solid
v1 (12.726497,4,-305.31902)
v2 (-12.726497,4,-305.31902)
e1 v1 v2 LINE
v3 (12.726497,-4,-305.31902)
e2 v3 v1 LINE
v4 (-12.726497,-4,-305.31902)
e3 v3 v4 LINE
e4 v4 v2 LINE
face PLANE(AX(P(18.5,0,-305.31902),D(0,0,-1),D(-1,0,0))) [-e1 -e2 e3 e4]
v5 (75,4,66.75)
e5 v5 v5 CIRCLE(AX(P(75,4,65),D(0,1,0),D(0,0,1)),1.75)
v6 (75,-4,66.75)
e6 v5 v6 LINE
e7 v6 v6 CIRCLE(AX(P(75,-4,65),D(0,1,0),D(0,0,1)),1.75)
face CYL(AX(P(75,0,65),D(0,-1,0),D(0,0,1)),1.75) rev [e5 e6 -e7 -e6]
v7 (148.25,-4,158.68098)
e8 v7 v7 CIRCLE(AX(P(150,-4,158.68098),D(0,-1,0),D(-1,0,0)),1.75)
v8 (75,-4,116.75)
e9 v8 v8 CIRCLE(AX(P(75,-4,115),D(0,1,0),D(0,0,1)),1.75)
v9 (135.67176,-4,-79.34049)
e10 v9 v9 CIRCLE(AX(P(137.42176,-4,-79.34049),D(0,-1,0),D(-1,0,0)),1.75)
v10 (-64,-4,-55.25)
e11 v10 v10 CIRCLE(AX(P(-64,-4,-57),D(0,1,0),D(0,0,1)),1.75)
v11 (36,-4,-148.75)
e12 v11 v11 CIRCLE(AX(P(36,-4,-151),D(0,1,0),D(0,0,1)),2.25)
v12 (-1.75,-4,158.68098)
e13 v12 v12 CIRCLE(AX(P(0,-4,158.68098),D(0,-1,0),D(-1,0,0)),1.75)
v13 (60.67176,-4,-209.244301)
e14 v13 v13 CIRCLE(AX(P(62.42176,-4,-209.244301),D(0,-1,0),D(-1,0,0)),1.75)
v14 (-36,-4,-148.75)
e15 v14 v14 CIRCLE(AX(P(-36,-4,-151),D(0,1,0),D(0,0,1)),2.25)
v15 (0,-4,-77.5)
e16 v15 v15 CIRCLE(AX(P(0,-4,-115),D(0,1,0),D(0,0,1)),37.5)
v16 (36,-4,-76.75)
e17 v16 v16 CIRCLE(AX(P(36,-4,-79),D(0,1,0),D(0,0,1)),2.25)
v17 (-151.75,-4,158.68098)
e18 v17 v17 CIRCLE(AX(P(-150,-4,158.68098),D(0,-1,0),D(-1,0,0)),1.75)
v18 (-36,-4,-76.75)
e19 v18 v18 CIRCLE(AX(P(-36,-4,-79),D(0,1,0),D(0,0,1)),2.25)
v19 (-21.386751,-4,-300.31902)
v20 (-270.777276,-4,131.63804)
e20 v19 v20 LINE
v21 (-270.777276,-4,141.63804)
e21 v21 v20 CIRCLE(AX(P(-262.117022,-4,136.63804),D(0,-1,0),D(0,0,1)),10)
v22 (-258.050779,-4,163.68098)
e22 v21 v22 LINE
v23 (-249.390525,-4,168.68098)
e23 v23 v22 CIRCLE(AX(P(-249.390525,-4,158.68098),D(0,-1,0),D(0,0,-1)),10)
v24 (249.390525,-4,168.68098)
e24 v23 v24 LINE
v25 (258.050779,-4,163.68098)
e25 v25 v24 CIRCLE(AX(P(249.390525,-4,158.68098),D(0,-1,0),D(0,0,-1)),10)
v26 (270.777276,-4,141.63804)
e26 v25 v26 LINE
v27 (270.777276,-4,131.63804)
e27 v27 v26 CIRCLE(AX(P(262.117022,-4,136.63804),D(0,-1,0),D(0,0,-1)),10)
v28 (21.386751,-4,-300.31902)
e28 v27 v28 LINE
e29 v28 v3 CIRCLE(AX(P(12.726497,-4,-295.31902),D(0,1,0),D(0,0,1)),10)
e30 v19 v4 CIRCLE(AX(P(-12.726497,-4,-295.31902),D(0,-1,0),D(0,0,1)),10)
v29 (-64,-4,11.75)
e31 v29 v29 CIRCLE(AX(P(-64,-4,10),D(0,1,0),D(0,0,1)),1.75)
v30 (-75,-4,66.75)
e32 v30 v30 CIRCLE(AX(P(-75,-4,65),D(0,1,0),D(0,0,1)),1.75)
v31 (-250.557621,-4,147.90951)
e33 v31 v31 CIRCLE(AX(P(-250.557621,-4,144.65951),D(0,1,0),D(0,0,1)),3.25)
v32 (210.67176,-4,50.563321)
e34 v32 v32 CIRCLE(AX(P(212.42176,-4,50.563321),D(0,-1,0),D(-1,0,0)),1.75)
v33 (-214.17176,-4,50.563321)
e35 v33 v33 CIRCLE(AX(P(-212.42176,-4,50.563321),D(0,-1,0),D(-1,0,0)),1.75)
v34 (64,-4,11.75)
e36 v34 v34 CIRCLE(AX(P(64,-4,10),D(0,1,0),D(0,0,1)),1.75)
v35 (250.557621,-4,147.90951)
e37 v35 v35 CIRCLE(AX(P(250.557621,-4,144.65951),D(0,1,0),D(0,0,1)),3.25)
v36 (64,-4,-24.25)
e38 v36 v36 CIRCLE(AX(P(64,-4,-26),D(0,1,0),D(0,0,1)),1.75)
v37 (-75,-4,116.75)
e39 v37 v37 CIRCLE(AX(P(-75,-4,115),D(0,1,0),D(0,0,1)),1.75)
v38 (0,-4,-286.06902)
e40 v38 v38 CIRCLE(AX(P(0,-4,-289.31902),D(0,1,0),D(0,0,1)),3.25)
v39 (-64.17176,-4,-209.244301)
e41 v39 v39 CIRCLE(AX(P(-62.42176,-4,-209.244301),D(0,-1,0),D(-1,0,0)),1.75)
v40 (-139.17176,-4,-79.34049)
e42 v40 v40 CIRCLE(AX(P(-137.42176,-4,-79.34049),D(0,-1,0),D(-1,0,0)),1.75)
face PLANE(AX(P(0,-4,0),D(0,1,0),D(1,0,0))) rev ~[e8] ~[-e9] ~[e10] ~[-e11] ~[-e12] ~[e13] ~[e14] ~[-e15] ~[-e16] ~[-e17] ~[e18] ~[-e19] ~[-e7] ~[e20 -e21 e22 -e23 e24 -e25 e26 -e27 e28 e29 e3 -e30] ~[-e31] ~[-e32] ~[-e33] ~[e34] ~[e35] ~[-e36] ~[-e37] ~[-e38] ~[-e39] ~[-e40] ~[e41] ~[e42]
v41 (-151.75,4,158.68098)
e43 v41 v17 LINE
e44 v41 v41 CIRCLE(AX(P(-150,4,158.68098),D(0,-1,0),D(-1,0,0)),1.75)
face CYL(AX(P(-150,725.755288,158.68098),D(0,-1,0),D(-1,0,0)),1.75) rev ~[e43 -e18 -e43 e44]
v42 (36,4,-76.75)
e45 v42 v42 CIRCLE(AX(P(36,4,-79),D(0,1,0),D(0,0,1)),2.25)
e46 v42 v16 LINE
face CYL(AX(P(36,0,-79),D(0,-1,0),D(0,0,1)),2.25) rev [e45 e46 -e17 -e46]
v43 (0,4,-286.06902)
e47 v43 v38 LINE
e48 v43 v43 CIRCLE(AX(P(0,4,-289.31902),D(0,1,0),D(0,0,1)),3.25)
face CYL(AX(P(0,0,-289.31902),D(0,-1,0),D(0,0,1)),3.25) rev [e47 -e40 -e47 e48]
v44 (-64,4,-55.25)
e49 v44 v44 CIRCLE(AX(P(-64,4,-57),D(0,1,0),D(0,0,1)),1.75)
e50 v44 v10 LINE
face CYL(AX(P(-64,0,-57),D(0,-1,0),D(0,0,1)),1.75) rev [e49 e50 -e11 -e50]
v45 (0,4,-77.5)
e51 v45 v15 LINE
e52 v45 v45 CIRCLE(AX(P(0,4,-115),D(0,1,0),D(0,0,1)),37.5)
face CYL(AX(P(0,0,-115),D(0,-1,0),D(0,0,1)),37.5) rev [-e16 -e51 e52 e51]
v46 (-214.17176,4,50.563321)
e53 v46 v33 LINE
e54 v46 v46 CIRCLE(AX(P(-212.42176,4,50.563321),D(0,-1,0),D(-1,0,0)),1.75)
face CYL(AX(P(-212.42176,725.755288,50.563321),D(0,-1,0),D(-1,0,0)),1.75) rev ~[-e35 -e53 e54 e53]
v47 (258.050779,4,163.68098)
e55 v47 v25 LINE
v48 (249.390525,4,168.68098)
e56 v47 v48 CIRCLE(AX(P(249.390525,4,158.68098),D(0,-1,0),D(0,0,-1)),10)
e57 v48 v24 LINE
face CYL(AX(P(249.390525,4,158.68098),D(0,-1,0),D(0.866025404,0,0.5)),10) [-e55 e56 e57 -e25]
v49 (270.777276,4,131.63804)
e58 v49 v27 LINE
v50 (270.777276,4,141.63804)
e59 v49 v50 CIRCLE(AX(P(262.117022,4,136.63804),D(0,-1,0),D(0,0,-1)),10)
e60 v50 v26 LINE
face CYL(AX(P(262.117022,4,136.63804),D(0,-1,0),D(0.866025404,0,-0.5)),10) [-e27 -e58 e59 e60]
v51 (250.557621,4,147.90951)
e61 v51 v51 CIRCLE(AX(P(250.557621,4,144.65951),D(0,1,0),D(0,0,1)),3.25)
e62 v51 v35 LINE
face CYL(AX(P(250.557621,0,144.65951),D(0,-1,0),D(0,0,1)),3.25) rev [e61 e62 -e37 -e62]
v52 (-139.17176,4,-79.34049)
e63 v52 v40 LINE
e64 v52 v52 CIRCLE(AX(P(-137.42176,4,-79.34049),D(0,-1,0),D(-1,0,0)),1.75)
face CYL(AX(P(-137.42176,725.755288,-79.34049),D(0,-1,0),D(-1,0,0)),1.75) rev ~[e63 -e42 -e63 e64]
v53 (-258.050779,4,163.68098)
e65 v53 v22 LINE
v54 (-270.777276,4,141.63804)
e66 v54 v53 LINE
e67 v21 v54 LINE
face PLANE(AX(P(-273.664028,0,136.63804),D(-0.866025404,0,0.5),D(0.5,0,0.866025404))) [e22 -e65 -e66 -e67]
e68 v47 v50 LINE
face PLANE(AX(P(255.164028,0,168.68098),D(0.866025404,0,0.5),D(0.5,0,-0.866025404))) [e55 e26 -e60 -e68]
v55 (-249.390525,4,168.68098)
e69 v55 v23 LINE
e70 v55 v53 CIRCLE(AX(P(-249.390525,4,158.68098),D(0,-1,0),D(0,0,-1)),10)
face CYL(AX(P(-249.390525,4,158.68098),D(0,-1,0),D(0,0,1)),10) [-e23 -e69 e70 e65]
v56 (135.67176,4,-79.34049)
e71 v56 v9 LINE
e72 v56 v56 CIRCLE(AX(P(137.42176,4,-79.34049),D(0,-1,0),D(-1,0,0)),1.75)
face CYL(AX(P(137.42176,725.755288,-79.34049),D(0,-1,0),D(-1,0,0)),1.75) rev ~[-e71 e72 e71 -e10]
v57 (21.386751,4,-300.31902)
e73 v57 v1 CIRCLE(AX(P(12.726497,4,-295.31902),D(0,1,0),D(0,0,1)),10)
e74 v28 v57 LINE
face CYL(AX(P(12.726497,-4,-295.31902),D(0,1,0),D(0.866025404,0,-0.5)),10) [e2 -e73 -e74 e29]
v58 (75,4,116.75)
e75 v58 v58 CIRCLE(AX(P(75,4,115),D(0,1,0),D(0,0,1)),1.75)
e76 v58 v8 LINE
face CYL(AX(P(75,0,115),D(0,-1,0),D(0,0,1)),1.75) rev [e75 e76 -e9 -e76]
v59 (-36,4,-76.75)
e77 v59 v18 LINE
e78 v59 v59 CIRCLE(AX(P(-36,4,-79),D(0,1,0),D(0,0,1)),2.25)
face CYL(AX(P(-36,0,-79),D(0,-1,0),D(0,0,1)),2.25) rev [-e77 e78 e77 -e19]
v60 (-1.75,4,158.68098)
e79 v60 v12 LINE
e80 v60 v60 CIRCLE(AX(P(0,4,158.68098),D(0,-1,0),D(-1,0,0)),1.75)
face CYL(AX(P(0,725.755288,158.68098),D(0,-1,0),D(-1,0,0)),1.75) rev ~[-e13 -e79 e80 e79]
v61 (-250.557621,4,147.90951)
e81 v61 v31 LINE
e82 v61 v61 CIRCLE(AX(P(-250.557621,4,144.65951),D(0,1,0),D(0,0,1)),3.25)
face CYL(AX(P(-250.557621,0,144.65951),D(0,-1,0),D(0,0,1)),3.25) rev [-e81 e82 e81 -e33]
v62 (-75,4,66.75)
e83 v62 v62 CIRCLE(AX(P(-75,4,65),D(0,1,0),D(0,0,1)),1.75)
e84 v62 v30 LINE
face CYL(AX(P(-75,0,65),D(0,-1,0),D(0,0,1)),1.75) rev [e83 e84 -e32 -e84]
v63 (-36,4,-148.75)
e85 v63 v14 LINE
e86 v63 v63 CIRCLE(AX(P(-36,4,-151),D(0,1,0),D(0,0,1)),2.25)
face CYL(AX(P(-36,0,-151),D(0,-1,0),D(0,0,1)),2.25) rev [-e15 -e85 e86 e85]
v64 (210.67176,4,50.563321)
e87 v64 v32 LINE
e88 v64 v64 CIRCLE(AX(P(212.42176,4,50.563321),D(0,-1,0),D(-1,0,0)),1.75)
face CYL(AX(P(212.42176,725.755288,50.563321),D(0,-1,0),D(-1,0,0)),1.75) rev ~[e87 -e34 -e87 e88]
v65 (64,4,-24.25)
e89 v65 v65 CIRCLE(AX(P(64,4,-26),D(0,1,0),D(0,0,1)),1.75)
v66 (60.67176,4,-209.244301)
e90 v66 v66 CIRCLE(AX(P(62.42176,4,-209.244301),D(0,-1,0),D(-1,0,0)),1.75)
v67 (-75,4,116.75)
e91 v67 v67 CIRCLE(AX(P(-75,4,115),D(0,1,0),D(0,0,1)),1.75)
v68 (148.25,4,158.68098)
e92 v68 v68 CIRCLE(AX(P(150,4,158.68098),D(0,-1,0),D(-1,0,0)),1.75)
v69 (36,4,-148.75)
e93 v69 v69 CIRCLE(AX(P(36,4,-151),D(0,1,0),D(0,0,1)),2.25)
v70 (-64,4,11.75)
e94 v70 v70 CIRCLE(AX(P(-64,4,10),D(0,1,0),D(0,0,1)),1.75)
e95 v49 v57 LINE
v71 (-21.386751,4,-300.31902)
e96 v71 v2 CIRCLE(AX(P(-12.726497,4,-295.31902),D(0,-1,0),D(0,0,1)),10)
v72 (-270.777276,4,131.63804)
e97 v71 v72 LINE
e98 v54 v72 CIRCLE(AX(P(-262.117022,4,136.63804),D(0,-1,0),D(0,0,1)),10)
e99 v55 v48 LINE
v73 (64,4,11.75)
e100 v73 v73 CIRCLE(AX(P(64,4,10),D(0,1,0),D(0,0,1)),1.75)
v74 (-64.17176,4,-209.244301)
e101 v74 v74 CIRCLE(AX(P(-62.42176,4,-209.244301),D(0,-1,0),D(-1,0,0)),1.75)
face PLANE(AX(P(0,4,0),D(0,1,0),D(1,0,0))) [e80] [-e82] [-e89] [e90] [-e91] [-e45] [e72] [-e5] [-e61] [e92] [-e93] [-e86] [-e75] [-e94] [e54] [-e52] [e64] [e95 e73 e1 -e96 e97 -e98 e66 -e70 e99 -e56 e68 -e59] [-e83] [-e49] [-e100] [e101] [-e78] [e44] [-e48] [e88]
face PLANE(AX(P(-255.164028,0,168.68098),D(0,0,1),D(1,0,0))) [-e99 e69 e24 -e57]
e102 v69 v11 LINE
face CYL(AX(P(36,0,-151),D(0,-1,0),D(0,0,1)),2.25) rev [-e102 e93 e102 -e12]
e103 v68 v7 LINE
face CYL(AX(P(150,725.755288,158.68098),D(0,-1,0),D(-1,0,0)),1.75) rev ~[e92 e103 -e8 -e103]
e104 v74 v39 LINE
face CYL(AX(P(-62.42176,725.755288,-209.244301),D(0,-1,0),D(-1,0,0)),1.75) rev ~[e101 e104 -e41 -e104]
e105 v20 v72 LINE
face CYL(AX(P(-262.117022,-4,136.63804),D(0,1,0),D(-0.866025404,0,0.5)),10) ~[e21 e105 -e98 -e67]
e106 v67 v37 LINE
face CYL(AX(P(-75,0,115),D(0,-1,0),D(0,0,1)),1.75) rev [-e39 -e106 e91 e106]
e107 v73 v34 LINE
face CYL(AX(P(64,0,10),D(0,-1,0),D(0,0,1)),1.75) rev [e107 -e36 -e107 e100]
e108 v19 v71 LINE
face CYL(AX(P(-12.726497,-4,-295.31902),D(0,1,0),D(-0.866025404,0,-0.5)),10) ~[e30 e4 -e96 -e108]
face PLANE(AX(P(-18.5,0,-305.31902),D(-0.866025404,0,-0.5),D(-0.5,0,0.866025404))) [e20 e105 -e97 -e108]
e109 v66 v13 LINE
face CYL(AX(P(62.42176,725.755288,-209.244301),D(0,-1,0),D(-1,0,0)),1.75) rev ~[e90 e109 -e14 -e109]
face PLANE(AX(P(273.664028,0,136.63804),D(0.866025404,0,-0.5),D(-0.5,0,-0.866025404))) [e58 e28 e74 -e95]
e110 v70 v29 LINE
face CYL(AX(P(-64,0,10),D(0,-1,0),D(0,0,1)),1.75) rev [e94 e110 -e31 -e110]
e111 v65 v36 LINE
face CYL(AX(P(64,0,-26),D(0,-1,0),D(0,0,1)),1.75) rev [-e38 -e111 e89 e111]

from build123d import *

# Parameters (mm, degrees)
SKETCH_1_R         = 3.25
SKETCH_1_R_2       = 37.5
SKETCH_1_R_3       = 2.25
SKETCH_1_R_4       = 1.75
EXTRUDE_1639_DEPTH = 4
FILLET_1_R         = 10
HOLE_WIZARD_3_5_D  = 3.5


with BuildPart() as part:
    # Эскиз1 → Extrude 1639 (new, symmetric)
    with BuildSketch(Plane(origin=(0, 0, 0), x_dir=(1, 0, 0), z_dir=(0, 1, 0))):
        Polygon((273.664027596, -136.63804004), (18.5, 305.31902002), (-18.5, 305.31902002), (-273.664027596, -136.63804004), (-255.164027596, -168.68097998), (255.164027596, -168.68097998), align=None)
        with Locations(Location((-250.557621135, -144.65951001, 0), (0, 0, 270))):
            Circle(SKETCH_1_R, mode=Mode.SUBTRACT)
        with Locations(Location((250.557621135, -144.65951001, 0), (0, 0, 270))):
            Circle(SKETCH_1_R, mode=Mode.SUBTRACT)
        with Locations(Location((0, 289.31902002, 0), (0, 0, 270))):
            Circle(SKETCH_1_R, mode=Mode.SUBTRACT)
        with Locations(Location((0, 115, 0), (0, 0, 270))):
            Circle(SKETCH_1_R_2, mode=Mode.SUBTRACT)
        with Locations(Location((36, 151, 0), (0, 0, 270))):
            Circle(SKETCH_1_R_3, mode=Mode.SUBTRACT)
        with Locations(Location((-36, 151, 0), (0, 0, 270))):
            Circle(SKETCH_1_R_3, mode=Mode.SUBTRACT)
        with Locations(Location((-36, 79, 0), (0, 0, 270))):
            Circle(SKETCH_1_R_3, mode=Mode.SUBTRACT)
        with Locations(Location((36, 79, 0), (0, 0, 270))):
            Circle(SKETCH_1_R_3, mode=Mode.SUBTRACT)
        with Locations(Location((-64, 57, 0), (0, 0, 270))):
            Circle(SKETCH_1_R_4, mode=Mode.SUBTRACT)
        with Locations(Location((-64, -10, 0), (0, 0, 270))):
            Circle(SKETCH_1_R_4, mode=Mode.SUBTRACT)
        with Locations(Location((64, -10, 0), (0, 0, 270))):
            Circle(SKETCH_1_R_4, mode=Mode.SUBTRACT)
        with Locations(Location((64, 26, 0), (0, 0, 270))):
            Circle(SKETCH_1_R_4, mode=Mode.SUBTRACT)
        with Locations(Location((75, -65, 0), (0, 0, 270))):
            Circle(SKETCH_1_R_4, mode=Mode.SUBTRACT)
        with Locations(Location((75, -115, 0), (0, 0, 270))):
            Circle(SKETCH_1_R_4, mode=Mode.SUBTRACT)
        with Locations(Location((-75, -115, 0), (0, 0, 270))):
            Circle(SKETCH_1_R_4, mode=Mode.SUBTRACT)
        with Locations(Location((-75, -65, 0), (0, 0, 270))):
            Circle(SKETCH_1_R_4, mode=Mode.SUBTRACT)
    extrude(amount=EXTRUDE_1639_DEPTH, both=True)

    # Скругление1
    fillet_1_edges = [part.edges().sort_by_distance(p)[0] for p in [
        (255.164027596, 0, 168.68097998),
        (-255.164027596, 0, 168.68097998),
        (-273.664027596, 0, 136.63804004),
        (-18.5, 0, -305.31902002),
        (18.5, 0, -305.31902002),
        (273.664027596, 0, 136.63804004),
    ]]
    fillet(fillet_1_edges, radius=FILLET_1_R)

    # К Профилю 3,5мм (through all)
    with Locations(Plane(origin=(0, 4, 0), x_dir=(1, 0, 0), z_dir=(0, 1, 0))):
        with Locations((-137.42175976, 79.34048999), (-62.42175976, 209.244300558), (62.42175976, 209.244300558), (137.42175976, 79.34048999), (212.42175976, -50.563320578), (150, -158.68097998), (0, -158.68097998), (-150, -158.68097998), (-212.42175976, -50.563320578)):
            Hole(HOLE_WIZARD_3_5_D / 2)


solid = part.part
